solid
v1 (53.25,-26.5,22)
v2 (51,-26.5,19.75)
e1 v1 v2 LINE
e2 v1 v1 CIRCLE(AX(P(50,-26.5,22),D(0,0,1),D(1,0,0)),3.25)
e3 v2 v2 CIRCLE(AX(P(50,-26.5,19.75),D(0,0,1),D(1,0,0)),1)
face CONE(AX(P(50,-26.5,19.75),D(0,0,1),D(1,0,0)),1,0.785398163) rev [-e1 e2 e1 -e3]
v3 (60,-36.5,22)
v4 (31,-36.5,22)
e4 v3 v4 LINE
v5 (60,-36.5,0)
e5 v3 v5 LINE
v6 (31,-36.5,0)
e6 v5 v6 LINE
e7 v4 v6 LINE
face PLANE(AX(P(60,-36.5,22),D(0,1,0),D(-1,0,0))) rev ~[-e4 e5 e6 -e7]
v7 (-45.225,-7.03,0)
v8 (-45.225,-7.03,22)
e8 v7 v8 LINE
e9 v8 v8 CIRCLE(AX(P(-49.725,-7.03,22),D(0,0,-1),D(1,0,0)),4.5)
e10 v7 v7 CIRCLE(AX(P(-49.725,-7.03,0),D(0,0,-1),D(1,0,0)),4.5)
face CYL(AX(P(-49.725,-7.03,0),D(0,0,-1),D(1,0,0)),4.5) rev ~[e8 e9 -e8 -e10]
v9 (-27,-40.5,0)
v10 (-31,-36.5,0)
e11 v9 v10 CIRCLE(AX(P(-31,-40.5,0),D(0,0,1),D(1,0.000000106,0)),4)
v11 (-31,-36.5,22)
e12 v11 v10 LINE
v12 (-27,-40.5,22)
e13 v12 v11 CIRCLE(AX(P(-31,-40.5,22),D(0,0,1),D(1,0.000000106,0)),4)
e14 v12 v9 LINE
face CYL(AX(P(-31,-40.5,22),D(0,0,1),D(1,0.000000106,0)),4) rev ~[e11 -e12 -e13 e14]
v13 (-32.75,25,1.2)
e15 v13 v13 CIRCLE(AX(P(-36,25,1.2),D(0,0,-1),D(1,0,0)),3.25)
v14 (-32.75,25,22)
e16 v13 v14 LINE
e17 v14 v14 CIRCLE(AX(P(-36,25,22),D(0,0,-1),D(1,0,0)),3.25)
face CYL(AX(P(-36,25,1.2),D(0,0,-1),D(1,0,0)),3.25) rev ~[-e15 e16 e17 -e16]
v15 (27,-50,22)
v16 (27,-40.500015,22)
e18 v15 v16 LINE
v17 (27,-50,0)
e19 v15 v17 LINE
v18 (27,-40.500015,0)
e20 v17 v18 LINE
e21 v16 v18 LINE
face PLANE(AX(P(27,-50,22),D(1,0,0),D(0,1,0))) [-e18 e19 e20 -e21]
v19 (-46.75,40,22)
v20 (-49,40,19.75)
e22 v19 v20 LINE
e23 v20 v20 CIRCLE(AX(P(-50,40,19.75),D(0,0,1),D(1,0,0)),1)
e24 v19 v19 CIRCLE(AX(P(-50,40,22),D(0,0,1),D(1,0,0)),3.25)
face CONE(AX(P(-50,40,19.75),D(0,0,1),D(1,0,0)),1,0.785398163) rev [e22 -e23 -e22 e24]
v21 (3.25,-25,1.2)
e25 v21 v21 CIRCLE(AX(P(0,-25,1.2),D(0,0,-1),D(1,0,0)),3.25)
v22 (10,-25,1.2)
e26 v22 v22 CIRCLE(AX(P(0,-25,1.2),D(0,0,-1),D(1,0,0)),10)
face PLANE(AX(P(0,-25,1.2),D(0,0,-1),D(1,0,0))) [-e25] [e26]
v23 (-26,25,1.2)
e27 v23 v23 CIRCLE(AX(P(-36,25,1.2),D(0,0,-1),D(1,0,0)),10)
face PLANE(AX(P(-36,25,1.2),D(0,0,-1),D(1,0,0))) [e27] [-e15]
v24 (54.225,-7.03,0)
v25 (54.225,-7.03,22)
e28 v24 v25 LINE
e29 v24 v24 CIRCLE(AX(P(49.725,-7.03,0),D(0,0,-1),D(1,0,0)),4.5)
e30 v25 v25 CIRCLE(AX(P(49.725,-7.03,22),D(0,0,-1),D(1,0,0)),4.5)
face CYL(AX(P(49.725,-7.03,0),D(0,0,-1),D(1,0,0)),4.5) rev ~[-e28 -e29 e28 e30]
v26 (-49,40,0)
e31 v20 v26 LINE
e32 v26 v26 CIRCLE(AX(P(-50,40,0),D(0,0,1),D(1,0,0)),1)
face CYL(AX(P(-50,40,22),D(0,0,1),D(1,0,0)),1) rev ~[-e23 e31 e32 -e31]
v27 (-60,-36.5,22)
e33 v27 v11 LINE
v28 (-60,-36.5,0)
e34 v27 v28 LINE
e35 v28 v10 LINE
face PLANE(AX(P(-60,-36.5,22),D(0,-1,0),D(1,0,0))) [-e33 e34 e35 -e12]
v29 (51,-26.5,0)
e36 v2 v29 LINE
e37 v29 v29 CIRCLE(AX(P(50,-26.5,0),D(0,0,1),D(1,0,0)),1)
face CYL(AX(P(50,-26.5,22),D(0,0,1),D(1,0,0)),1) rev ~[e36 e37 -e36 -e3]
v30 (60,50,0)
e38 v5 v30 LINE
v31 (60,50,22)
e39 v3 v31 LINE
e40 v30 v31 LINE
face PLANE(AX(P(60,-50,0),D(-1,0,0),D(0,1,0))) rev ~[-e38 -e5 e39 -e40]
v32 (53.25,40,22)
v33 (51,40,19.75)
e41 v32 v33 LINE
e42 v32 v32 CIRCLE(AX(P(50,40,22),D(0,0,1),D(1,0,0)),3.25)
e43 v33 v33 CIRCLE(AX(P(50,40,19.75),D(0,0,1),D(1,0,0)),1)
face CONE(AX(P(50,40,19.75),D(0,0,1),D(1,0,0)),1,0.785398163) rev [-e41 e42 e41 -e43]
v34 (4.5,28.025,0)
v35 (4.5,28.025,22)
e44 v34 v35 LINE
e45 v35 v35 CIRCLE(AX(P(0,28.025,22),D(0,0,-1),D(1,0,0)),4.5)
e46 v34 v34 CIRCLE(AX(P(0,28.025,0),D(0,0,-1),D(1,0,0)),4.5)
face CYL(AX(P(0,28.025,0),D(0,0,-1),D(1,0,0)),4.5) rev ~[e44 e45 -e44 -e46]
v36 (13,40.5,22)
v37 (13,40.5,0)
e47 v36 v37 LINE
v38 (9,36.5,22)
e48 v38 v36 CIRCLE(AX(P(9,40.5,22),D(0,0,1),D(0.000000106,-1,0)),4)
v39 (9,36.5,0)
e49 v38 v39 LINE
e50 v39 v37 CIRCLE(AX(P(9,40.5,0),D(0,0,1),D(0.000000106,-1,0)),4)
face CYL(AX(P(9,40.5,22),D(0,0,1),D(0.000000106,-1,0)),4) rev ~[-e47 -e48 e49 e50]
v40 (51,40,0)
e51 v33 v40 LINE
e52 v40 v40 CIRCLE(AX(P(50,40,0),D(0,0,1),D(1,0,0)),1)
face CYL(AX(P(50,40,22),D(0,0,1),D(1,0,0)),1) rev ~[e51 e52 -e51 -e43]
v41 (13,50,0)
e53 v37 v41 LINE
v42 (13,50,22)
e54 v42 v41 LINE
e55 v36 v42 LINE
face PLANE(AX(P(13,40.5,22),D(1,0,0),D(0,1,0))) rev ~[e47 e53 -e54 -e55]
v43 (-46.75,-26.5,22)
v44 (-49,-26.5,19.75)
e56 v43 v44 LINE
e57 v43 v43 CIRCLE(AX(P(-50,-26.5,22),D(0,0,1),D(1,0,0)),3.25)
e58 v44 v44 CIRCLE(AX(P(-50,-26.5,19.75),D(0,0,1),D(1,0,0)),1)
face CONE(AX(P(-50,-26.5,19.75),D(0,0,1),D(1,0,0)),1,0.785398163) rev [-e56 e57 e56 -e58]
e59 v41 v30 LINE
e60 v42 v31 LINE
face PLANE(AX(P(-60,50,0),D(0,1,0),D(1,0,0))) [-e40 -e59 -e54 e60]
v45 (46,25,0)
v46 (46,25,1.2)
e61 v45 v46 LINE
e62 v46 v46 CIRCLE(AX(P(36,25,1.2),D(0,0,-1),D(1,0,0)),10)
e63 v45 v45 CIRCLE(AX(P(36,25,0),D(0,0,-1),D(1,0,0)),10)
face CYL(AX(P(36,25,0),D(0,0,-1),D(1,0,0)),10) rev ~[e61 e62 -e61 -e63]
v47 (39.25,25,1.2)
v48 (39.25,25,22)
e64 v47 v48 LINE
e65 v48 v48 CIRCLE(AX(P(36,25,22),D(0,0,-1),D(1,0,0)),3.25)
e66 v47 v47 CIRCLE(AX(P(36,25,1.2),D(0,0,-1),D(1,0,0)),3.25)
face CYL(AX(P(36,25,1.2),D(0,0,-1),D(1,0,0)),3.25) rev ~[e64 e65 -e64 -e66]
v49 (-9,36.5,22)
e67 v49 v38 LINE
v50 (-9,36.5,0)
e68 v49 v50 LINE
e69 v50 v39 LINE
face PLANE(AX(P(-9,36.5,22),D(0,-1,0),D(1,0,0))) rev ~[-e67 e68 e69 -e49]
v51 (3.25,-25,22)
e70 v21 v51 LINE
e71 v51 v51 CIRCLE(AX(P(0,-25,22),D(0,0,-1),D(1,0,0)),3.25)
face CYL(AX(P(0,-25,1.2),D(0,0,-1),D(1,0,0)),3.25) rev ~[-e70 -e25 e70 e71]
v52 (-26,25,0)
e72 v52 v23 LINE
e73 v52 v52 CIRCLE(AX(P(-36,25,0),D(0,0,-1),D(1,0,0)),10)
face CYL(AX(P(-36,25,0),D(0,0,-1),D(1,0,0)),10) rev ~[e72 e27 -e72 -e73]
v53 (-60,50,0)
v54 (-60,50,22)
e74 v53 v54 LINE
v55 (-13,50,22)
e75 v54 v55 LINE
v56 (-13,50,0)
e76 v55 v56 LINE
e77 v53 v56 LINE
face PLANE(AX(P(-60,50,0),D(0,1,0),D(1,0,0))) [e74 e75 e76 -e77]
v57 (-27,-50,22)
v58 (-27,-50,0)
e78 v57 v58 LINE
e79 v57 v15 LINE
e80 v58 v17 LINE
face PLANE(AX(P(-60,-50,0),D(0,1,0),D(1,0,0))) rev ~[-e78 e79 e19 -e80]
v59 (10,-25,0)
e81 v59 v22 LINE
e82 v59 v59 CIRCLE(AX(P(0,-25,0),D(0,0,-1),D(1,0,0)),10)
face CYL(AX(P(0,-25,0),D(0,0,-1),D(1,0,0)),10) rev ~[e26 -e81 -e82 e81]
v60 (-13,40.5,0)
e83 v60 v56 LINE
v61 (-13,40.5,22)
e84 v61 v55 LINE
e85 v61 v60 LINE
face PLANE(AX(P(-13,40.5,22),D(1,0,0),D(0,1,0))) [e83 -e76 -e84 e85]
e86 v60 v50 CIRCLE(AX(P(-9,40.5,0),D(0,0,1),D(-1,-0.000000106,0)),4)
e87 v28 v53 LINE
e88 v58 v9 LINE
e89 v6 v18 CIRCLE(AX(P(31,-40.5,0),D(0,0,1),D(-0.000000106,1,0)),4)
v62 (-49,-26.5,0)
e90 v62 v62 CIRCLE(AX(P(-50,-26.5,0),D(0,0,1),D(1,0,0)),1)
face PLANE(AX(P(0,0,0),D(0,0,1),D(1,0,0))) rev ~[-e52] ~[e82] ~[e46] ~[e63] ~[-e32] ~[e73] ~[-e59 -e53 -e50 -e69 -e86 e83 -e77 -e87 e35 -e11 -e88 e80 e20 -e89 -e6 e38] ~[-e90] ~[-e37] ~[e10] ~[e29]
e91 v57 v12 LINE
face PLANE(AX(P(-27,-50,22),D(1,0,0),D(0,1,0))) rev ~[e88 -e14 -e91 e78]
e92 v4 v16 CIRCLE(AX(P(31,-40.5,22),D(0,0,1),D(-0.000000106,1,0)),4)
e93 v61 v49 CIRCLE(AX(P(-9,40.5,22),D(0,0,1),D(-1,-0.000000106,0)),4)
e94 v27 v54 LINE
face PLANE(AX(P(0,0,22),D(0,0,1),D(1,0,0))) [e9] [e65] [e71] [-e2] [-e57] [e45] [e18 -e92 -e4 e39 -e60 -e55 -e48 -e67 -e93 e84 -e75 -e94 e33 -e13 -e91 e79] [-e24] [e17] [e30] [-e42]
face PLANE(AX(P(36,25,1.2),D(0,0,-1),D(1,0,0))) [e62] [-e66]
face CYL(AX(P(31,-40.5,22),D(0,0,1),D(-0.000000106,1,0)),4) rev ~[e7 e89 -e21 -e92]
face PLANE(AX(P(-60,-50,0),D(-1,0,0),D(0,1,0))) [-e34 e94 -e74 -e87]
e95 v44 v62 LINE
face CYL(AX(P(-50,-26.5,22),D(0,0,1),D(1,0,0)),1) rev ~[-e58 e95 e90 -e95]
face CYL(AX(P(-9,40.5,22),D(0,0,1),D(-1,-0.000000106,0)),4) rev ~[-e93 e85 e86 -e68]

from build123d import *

# Parameters (mm, degrees)
SKETCH_W        = 120
SKETCH_H        = 100
PAD_DEPTH       = 22
SKETCH001_R     = 4.5
POCKET_DEPTH    = 22.001
POCKET001_DEPTH = 22.001
SKETCH003_R     = 1
POCKET002_DEPTH = 22.001
SKETCH004_R     = 10
POCKET003_DEPTH = 1.2
SKETCH005_R     = 3.25
POCKET004_DEPTH = 20.801
CHAMFER_SIZE    = 2.25


with BuildPart() as part:
    # Sketch → Pad (new body)
    with BuildSketch(Plane.XY):
        Rectangle(SKETCH_W, SKETCH_H)
    extrude(amount=PAD_DEPTH)

    # Sketch001 → Pocket (cut, through all)
    with BuildSketch(Plane(origin=(0, 0, 0), x_dir=(1, 0, 0), z_dir=(0, 0, -1))):
        with Locations((-49.725, 7.03)):
            Circle(SKETCH001_R)
        with Locations((0, -28.025)):
            Circle(SKETCH001_R)
        with Locations((49.725, 7.03)):
            Circle(SKETCH001_R)
    extrude(amount=-POCKET_DEPTH, mode=Mode.SUBTRACT)

    # Sketch002 → Pocket001 (cut, through all)
    with BuildSketch(Plane.XY.offset(22)):
        with BuildLine():
            Line((-60, -50), (-60, -36.5))
            Line((-60, -36.5), (-31, -36.5))
            ThreePointArc((-27, -40.5), (-28.171573, -37.671573), (-31, -36.5))
            Line((-27, -50), (-27, -40.5))
            Line((-27, -50), (-60, -50))
        make_face()
        with BuildLine():
            Line((60, -36.5), (60, -50))
            Line((60, -50), (27, -50))
            Line((27, -50), (27, -40.500015))
            ThreePointArc((31, -36.5), (28.171568, -37.671578), (27, -40.500015))
            Line((60, -36.5), (31, -36.5))
        make_face()
        with BuildLine():
            Line((13, 50), (-13, 50))
            Line((-13, 40.5), (-13, 50))
            ThreePointArc((-13, 40.5), (-11.828427, 37.671573), (-9, 36.5))
            Line((-9, 36.5), (9, 36.5))
            ThreePointArc((9, 36.5), (11.828427, 37.671573), (13, 40.5))
            Line((13, 40.5), (13, 50))
        make_face()
    extrude(amount=-POCKET001_DEPTH, mode=Mode.SUBTRACT)

    # Sketch003 → Pocket002 (cut, through all)
    with BuildSketch(Plane.XY.offset(22)):
        with Locations((50, -26.5)):
            Circle(SKETCH003_R)
        with Locations((-50, -26.5)):
            Circle(SKETCH003_R)
        with Locations((50, 40)):
            Circle(SKETCH003_R)
        with Locations((-50, 40)):
            Circle(SKETCH003_R)
    extrude(amount=-POCKET002_DEPTH, mode=Mode.SUBTRACT)

    # Sketch004 → Pocket003 (cut)
    with BuildSketch(Plane(origin=(0, 0, 0), x_dir=(1, 0, 0), z_dir=(0, 0, -1))):
        with Locations((0, 25)):
            Circle(SKETCH004_R)
        with Locations((-36, -25)):
            Circle(SKETCH004_R)
        with Locations((36, -25)):
            Circle(SKETCH004_R)
    extrude(amount=-POCKET003_DEPTH, mode=Mode.SUBTRACT)

    # Sketch005 → Pocket004 (cut, through all)
    with BuildSketch(Plane(origin=(0, 0, 1.2), x_dir=(1, 0, 0), z_dir=(0, 0, -1))):
        with Locations((0, 25)):
            Circle(SKETCH005_R)
        with Locations((36, -25)):
            Circle(SKETCH005_R)
        with Locations((-36, -25)):
            Circle(SKETCH005_R)
    extrude(amount=-POCKET004_DEPTH, mode=Mode.SUBTRACT)

    # Chamfer
    chamfer_edges = [part.edges().sort_by_distance(p)[0] for p in [
        (49, 40, 22),
        (49, -26.5, 22),
        (-51, -26.5, 22),
        (-51, 40, 22),
    ]]
    chamfer(chamfer_edges, length=CHAMFER_SIZE)


solid = part.part
